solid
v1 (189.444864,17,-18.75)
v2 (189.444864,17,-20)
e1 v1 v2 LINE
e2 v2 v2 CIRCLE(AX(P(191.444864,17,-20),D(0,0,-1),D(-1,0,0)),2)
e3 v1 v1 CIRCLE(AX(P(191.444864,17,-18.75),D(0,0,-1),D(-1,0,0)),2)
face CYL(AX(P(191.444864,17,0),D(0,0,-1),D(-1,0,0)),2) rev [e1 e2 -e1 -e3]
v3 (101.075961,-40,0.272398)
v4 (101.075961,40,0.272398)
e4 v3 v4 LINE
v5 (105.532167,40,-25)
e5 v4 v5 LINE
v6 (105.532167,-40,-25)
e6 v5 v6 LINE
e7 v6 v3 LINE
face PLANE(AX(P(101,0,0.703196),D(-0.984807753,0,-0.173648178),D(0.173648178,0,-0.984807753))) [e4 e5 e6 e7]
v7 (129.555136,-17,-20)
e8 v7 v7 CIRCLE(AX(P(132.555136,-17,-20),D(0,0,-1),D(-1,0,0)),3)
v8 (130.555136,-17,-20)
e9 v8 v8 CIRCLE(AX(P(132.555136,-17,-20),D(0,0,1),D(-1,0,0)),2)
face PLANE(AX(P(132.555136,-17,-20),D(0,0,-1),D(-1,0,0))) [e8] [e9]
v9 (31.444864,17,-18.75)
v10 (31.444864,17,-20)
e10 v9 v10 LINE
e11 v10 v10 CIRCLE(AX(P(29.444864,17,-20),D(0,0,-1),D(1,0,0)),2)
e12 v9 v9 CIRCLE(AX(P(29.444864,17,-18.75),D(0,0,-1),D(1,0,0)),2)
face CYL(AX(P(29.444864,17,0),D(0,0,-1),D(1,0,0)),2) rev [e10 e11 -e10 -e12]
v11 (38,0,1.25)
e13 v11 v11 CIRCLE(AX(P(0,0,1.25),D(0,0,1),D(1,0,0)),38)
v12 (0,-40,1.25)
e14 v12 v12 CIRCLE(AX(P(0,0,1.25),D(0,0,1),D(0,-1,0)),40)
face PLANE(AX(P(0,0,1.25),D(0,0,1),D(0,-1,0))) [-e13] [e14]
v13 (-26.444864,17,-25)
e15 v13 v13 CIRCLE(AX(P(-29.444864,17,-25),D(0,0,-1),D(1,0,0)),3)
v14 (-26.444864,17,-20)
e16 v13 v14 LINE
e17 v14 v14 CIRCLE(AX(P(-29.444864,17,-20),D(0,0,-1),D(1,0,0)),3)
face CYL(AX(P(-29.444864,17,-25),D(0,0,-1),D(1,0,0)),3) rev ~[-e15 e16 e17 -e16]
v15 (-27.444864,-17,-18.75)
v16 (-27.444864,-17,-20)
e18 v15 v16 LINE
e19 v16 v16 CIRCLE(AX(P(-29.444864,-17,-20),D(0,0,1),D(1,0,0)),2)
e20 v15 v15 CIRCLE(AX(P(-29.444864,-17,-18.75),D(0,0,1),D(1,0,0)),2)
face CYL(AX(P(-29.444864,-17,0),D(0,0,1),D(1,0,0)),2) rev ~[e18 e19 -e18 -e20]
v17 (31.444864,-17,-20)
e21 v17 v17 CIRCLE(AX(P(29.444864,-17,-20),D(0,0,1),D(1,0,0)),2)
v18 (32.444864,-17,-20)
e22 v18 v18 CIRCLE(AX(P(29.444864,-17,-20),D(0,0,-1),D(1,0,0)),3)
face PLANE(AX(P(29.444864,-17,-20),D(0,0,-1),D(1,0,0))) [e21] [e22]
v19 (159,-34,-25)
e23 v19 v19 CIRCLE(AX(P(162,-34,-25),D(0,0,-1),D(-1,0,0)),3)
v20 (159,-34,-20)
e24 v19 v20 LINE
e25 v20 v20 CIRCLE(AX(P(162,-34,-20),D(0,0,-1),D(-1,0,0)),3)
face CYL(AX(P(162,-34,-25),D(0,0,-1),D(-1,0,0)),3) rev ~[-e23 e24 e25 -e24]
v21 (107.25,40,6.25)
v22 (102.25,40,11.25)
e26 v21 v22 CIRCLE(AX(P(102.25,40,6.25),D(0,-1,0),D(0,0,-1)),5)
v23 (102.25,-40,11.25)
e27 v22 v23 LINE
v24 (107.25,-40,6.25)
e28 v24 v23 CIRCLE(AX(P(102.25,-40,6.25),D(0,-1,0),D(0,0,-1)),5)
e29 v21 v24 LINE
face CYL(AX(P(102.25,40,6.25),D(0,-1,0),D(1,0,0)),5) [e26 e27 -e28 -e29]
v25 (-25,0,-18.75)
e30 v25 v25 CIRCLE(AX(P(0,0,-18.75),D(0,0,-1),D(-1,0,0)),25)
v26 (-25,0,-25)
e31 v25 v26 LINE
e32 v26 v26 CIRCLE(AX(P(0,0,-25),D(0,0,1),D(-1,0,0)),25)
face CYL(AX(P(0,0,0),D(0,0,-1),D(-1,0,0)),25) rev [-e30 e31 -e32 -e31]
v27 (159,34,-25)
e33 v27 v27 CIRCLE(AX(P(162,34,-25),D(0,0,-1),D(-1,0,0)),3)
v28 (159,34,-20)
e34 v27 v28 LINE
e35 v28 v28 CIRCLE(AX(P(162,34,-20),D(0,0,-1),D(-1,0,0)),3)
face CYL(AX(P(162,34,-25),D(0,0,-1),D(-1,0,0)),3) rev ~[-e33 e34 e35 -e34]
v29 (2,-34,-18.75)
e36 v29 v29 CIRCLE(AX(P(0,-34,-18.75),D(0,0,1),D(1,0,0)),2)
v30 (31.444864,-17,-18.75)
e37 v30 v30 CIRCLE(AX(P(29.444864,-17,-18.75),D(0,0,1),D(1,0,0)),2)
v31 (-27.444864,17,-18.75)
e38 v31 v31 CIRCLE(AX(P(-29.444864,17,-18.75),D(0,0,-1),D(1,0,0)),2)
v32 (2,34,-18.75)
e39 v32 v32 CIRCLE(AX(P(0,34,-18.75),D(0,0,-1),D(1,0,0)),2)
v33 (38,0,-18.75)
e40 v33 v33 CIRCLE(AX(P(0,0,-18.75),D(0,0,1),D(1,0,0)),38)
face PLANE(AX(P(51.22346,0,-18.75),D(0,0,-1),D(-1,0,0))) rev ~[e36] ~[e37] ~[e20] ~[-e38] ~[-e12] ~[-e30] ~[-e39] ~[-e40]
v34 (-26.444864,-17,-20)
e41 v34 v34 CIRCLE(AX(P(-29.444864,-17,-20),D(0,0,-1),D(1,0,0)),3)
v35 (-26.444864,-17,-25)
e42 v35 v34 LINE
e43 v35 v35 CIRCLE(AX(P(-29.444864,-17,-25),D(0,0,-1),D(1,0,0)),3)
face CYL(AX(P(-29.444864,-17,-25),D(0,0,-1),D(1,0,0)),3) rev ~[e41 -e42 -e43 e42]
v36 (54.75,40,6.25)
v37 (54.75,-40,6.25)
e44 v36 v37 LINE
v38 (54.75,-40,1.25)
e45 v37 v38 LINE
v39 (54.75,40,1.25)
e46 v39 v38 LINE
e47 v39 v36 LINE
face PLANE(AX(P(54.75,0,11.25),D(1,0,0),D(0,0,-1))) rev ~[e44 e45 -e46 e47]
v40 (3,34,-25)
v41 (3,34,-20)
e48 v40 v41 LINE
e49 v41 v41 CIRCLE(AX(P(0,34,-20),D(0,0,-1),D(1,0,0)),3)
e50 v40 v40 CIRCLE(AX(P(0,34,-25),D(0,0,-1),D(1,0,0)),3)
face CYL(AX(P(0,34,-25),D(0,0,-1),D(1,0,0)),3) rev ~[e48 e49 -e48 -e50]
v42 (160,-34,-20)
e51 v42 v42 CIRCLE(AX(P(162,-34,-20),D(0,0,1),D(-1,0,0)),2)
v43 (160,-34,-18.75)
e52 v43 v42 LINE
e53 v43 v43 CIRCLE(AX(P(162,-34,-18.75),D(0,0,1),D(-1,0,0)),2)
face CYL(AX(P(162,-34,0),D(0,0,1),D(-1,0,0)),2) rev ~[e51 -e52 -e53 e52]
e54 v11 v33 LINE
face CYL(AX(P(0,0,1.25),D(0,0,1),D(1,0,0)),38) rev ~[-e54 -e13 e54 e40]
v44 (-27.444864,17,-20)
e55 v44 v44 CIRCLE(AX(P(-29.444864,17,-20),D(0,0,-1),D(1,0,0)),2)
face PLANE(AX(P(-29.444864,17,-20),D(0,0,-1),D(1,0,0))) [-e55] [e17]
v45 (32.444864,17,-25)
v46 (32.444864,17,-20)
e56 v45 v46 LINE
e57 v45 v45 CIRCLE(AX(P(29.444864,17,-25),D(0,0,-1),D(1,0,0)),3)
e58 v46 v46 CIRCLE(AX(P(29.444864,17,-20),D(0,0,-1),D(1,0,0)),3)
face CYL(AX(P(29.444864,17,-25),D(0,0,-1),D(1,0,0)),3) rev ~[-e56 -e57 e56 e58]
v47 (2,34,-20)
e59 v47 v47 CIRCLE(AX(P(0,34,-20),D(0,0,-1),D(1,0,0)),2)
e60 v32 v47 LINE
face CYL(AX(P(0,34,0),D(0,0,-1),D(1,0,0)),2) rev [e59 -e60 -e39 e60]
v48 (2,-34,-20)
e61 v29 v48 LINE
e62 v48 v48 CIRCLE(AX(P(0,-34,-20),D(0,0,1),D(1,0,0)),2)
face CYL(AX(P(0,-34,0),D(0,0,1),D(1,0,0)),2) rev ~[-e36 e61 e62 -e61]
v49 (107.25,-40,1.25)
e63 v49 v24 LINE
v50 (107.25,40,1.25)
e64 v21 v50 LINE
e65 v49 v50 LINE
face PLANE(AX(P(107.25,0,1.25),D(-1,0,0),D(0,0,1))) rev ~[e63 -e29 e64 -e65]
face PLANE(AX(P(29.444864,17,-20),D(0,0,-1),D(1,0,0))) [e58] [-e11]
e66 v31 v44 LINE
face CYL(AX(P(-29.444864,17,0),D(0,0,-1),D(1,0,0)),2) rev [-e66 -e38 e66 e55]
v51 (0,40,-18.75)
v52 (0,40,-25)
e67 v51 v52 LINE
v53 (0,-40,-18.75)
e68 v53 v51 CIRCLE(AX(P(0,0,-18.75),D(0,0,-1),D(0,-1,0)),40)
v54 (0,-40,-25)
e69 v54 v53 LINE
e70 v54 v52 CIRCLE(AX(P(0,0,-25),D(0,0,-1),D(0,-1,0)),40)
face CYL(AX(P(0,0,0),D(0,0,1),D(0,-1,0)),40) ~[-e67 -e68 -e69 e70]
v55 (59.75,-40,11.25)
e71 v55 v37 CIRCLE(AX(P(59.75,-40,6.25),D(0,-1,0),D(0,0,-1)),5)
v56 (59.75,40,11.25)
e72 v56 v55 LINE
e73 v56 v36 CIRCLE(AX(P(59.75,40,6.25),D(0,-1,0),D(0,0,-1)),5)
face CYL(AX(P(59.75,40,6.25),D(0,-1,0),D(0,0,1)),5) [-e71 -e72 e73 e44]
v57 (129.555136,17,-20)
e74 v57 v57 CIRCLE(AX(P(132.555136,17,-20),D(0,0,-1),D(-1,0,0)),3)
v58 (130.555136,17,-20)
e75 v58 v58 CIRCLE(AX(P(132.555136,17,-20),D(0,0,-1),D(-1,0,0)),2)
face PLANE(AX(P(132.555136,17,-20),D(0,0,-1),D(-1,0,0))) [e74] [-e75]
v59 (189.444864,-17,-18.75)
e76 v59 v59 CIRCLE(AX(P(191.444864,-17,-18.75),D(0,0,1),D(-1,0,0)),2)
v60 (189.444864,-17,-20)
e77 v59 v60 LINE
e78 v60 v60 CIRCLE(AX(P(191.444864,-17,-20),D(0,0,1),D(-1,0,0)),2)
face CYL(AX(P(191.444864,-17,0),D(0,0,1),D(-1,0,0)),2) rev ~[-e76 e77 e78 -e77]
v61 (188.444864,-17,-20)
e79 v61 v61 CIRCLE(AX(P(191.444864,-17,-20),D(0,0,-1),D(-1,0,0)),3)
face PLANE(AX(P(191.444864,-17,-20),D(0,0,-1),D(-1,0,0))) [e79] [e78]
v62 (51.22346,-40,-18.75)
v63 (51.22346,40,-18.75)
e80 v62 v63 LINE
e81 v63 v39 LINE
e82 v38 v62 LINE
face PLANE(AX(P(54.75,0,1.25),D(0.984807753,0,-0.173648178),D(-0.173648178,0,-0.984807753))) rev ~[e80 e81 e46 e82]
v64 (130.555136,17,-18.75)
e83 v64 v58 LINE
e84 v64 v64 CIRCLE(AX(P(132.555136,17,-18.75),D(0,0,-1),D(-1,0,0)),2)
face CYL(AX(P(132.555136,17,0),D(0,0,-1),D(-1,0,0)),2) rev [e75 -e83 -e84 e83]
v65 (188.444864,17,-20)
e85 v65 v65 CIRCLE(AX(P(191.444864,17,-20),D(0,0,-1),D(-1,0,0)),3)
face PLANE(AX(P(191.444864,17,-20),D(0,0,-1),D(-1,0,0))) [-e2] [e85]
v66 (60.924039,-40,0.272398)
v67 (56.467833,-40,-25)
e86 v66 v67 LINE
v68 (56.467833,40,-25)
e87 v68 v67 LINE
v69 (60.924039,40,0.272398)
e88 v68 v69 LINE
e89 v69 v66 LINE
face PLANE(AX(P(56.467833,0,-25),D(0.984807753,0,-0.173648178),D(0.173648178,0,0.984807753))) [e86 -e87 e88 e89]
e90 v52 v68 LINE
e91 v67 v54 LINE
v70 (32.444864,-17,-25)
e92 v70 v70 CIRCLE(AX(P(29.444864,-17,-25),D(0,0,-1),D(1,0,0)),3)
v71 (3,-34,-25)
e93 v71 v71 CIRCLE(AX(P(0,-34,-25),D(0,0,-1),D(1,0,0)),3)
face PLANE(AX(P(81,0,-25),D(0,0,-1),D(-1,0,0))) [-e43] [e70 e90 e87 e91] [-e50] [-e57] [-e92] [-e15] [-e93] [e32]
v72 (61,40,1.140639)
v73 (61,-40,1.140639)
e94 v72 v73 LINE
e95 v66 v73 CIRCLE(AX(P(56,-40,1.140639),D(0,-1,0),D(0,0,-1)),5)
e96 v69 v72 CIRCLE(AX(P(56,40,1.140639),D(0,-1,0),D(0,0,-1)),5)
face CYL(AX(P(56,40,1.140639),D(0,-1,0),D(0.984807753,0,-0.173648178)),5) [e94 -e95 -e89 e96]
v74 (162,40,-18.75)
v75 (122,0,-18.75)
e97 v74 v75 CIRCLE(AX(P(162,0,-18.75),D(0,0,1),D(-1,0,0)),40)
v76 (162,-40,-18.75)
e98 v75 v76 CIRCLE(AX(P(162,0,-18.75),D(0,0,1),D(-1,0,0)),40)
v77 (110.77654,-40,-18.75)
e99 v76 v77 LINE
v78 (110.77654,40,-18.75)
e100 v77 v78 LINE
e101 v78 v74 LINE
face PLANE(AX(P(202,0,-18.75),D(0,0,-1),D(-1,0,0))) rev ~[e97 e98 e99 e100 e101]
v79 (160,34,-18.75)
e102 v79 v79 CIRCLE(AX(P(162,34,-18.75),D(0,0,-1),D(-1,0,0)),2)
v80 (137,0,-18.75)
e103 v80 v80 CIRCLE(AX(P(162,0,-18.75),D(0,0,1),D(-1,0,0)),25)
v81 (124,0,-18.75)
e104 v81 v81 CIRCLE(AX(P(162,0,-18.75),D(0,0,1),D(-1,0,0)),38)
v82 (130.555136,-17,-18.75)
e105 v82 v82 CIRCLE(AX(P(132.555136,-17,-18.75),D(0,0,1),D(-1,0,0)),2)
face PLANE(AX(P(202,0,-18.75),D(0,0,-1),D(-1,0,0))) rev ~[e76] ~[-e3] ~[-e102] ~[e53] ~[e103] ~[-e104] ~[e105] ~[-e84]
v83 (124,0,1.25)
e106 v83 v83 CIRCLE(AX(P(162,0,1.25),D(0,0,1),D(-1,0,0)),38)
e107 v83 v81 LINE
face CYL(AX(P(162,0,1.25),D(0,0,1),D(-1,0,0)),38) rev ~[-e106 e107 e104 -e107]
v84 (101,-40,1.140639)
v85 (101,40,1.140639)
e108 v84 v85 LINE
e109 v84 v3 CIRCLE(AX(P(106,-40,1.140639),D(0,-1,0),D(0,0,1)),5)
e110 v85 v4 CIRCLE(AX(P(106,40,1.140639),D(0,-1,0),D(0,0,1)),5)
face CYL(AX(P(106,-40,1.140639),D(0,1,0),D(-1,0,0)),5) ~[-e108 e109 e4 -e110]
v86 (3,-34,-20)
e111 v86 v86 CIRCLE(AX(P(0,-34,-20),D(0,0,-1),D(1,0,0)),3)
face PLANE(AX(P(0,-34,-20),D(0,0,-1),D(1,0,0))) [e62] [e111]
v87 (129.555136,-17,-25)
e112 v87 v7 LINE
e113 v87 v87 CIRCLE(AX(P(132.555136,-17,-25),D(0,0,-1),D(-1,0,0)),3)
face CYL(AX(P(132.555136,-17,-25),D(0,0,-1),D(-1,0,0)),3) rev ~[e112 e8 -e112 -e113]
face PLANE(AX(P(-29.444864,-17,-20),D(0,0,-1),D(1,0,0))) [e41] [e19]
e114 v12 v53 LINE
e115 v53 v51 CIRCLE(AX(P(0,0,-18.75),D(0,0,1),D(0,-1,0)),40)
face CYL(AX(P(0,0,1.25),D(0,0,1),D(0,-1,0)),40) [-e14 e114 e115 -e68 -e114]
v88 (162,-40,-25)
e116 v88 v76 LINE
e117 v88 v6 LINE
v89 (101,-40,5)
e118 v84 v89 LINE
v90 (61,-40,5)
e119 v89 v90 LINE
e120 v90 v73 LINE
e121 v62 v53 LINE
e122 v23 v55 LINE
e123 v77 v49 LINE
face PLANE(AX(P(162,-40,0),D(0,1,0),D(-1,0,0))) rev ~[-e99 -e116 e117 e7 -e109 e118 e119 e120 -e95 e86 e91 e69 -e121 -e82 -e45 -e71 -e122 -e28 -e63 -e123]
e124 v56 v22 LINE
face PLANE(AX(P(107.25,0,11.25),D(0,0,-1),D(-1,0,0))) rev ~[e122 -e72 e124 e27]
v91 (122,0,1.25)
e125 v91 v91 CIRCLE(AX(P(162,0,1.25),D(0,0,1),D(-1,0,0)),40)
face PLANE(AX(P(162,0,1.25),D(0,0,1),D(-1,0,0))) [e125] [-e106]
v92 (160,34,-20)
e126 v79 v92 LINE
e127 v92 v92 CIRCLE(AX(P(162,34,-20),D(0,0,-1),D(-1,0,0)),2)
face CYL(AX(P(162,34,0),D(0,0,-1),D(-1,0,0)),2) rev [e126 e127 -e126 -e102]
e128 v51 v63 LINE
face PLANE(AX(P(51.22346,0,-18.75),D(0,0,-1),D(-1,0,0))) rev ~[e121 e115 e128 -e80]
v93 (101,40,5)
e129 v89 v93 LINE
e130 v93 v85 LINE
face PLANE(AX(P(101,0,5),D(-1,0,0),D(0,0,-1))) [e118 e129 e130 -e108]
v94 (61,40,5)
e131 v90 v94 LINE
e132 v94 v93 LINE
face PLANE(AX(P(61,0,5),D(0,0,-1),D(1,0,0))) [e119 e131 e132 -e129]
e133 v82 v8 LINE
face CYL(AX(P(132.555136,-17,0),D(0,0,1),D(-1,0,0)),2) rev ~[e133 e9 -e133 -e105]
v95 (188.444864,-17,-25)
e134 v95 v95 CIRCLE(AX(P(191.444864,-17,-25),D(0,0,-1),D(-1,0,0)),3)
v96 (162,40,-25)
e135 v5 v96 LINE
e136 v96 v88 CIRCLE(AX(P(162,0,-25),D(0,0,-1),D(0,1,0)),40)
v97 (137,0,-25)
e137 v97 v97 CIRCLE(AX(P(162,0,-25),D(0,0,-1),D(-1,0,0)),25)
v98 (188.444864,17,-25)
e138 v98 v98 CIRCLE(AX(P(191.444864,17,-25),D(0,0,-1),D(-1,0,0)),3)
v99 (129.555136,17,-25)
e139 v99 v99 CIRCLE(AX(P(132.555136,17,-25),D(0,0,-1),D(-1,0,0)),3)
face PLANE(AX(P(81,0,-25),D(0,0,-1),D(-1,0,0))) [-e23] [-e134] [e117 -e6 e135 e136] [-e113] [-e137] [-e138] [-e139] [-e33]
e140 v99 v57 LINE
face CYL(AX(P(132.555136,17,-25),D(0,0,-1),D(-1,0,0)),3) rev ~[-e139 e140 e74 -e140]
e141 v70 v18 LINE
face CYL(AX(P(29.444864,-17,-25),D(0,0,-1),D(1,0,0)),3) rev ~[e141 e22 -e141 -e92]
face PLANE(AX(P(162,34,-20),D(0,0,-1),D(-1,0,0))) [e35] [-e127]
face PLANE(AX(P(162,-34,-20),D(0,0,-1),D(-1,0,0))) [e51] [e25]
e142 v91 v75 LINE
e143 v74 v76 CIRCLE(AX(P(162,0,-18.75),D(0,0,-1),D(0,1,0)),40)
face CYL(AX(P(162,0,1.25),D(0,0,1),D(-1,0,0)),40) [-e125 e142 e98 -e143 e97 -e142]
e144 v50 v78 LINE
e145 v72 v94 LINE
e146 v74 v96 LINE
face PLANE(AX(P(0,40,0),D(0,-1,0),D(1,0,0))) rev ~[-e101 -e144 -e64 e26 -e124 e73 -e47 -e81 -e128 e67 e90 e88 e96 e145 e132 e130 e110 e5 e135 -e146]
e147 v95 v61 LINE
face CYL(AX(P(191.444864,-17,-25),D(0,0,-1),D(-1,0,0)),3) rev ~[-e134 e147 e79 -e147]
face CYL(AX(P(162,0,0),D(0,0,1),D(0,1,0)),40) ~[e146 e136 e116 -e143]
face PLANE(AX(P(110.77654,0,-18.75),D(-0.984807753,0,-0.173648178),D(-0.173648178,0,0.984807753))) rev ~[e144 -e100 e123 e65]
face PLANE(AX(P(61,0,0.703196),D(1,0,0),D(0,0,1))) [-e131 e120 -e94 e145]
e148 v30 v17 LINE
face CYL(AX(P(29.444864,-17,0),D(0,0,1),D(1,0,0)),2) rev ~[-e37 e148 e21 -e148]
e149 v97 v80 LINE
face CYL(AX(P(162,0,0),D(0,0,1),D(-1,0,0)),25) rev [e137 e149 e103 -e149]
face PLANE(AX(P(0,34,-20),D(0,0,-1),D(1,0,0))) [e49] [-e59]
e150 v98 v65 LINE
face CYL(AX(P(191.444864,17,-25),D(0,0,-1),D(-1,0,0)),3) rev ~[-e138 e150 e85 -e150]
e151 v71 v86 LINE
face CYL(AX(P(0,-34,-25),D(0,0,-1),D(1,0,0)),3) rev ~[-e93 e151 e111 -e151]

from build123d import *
from build123d.topology import SkipClean

# Parameters (mm, degrees)
SKETCH1_R           = 2
BOSS_EXTRUDE1_DEPTH = 25
SKETCH2_R           = 3
CUT_EXTRUDE2_DEPTH  = 5
CUT_EXTRUDE3_DEPTH  = 162.5
BOSS_EXTRUDE2_START = 20
SKETCH6_R           = 40
SKETCH6_R_2         = 38
BOSS_EXTRUDE2_DEPTH = 20
FILLET1_R           = 5


with BuildPart() as part:
    # Sketch1 → Boss-Extrude1 (new, symmetric)
    with BuildSketch(Plane.XY):
        with BuildLine():
            Line((80, -40), (0, -40))
            ThreePointArc((0, -40), (-40, 0), (0, 40))
            Line((0, 40), (80, 40))
            Line((80, 40), (82, 40))
            Line((82, 40), (162, 40))
            ThreePointArc((162, 40), (202, 0), (162, -40))
            Line((162, -40), (82, -40))
            Line((82, -40), (80, -40))
        make_face()
        with Locations((0, 34)):
            Circle(SKETCH1_R, mode=Mode.SUBTRACT)
        with Locations((29.444863729, 17)):
            Circle(SKETCH1_R, mode=Mode.SUBTRACT)
        with Locations((29.444863729, -17)):
            Circle(SKETCH1_R, mode=Mode.SUBTRACT)
        with Locations((0, -34)):
            Circle(SKETCH1_R, mode=Mode.SUBTRACT)
        with Locations((-29.444863729, -17)):
            Circle(SKETCH1_R, mode=Mode.SUBTRACT)
        with Locations((-29.444863729, 17)):
            Circle(SKETCH1_R, mode=Mode.SUBTRACT)
        with Locations(Location((162, -34, 0), (0, 0, 180))):
            Circle(SKETCH1_R, mode=Mode.SUBTRACT)
        with Locations(Location((191.444863729, 17, 0), (0, 0, 180))):
            Circle(SKETCH1_R, mode=Mode.SUBTRACT)
        with Locations(Location((191.444863729, -17, 0), (0, 0, 180))):
            Circle(SKETCH1_R, mode=Mode.SUBTRACT)
        with Locations(Location((132.555136271, -17, 0), (0, 0, 180))):
            Circle(SKETCH1_R, mode=Mode.SUBTRACT)
        with Locations(Location((132.555136271, 17, 0), (0, 0, 180))):
            Circle(SKETCH1_R, mode=Mode.SUBTRACT)
        with Locations(Location((162, 34, 0), (0, 0, 180))):
            Circle(SKETCH1_R, mode=Mode.SUBTRACT)
        with BuildLine():
            ThreePointArc((25, 0), (0, 25), (-25, 0))
            ThreePointArc((-25, 0), (0, -25), (25, 0))
        make_face(mode=Mode.SUBTRACT)
        with BuildLine():
            ThreePointArc((187, 0), (162, -25), (137, 0))
            ThreePointArc((137, 0), (162, 25), (187, 0))
        make_face(mode=Mode.SUBTRACT)
    extrude(amount=BOSS_EXTRUDE1_DEPTH, both=True)

    # Sketch2 → Cut-Extrude2 (cut)
    with BuildSketch(Plane(origin=(0, 0, -25), x_dir=(-1, 0, 0), z_dir=(0, 0, -1))):
        with Locations((-162, 34)):
            Circle(SKETCH2_R)
        with Locations((-132.555136271, 17)):
            Circle(SKETCH2_R)
        with Locations((-132.555136271, -17)):
            Circle(SKETCH2_R)
        with Locations((-162, -34)):
            Circle(SKETCH2_R)
        with Locations((-191.444863729, -17)):
            Circle(SKETCH2_R)
        with Locations((-191.444863729, 17)):
            Circle(SKETCH2_R)
        with Locations(Location((29.444863729, 17, 0), (0, 0, 180))):
            Circle(SKETCH2_R)
        with Locations(Location((29.444863729, -17, 0), (0, 0, 180))):
            Circle(SKETCH2_R)
        with Locations(Location((0, -34, 0), (0, 0, 180))):
            Circle(SKETCH2_R)
        with Locations(Location((-29.444863729, -17, 0), (0, 0, 180))):
            Circle(SKETCH2_R)
        with Locations(Location((-29.444863729, 17, 0), (0, 0, 180))):
            Circle(SKETCH2_R)
        with Locations(Location((0, 34, 0), (0, 0, 180))):
            Circle(SKETCH2_R)
    extrude(amount=-CUT_EXTRUDE2_DEPTH, mode=Mode.SUBTRACT)

    # Sketch5 → Cut-Extrude3 (cut, symmetric)
    with BuildSketch(Plane(origin=(0, 0, 0), x_dir=(1, 0, 0), z_dir=(0, 1, 0))):
        Polygon((61, -0.703195853), (61, -5), (101, -5), (101, -0.703195853), (105.532166919, 25), (56.467833081, 25), align=None)
        Polygon((54.75, -1.25), (51.223460386, 18.75), (-40, 18.75), (-40, -25), (202, -25), (202, 18.75), (110.776539614, 18.75), (107.25, -1.25), (107.25, -11.25), (54.75, -11.25), align=None)
    extrude(amount=CUT_EXTRUDE3_DEPTH, both=True, mode=Mode.SUBTRACT)

    # Sketch6 → Boss-Extrude2 (add)
    # profile 1 of 2: a face of its own
    with SkipClean():  # the faces are left unmerged after this step: merging them gives an invalid solid
        with BuildSketch(Plane.XY.offset(-18.75).offset(BOSS_EXTRUDE2_START)):
            with Locations(Location((0, 0, 0), (0, 0, 270))):
                Circle(SKETCH6_R)
            Circle(SKETCH6_R_2, mode=Mode.SUBTRACT)
        # profile 2 of 2: a face of its own
        with BuildSketch(Plane.XY.offset(-18.75).offset(BOSS_EXTRUDE2_START)):
            with Locations(Location((162, 0, 0), (0, 0, 180))):
                Circle(SKETCH6_R)
            with Locations(Location((162, 0, 0), (0, 0, 180))):
                Circle(SKETCH6_R_2, mode=Mode.SUBTRACT)
        extrude(amount=-BOSS_EXTRUDE2_DEPTH)

    # Fillet1
    fillet1_edges = [part.edges().sort_by_distance(p)[0] for p in [
        (54.75, 0, 11.25),
        (107.25, 0, 11.25),
        (61, 0, 0.703195853),
        (101, 0, 0.703195853),
    ]]
    fillet(fillet1_edges, radius=FILLET1_R)


solid = part.part
